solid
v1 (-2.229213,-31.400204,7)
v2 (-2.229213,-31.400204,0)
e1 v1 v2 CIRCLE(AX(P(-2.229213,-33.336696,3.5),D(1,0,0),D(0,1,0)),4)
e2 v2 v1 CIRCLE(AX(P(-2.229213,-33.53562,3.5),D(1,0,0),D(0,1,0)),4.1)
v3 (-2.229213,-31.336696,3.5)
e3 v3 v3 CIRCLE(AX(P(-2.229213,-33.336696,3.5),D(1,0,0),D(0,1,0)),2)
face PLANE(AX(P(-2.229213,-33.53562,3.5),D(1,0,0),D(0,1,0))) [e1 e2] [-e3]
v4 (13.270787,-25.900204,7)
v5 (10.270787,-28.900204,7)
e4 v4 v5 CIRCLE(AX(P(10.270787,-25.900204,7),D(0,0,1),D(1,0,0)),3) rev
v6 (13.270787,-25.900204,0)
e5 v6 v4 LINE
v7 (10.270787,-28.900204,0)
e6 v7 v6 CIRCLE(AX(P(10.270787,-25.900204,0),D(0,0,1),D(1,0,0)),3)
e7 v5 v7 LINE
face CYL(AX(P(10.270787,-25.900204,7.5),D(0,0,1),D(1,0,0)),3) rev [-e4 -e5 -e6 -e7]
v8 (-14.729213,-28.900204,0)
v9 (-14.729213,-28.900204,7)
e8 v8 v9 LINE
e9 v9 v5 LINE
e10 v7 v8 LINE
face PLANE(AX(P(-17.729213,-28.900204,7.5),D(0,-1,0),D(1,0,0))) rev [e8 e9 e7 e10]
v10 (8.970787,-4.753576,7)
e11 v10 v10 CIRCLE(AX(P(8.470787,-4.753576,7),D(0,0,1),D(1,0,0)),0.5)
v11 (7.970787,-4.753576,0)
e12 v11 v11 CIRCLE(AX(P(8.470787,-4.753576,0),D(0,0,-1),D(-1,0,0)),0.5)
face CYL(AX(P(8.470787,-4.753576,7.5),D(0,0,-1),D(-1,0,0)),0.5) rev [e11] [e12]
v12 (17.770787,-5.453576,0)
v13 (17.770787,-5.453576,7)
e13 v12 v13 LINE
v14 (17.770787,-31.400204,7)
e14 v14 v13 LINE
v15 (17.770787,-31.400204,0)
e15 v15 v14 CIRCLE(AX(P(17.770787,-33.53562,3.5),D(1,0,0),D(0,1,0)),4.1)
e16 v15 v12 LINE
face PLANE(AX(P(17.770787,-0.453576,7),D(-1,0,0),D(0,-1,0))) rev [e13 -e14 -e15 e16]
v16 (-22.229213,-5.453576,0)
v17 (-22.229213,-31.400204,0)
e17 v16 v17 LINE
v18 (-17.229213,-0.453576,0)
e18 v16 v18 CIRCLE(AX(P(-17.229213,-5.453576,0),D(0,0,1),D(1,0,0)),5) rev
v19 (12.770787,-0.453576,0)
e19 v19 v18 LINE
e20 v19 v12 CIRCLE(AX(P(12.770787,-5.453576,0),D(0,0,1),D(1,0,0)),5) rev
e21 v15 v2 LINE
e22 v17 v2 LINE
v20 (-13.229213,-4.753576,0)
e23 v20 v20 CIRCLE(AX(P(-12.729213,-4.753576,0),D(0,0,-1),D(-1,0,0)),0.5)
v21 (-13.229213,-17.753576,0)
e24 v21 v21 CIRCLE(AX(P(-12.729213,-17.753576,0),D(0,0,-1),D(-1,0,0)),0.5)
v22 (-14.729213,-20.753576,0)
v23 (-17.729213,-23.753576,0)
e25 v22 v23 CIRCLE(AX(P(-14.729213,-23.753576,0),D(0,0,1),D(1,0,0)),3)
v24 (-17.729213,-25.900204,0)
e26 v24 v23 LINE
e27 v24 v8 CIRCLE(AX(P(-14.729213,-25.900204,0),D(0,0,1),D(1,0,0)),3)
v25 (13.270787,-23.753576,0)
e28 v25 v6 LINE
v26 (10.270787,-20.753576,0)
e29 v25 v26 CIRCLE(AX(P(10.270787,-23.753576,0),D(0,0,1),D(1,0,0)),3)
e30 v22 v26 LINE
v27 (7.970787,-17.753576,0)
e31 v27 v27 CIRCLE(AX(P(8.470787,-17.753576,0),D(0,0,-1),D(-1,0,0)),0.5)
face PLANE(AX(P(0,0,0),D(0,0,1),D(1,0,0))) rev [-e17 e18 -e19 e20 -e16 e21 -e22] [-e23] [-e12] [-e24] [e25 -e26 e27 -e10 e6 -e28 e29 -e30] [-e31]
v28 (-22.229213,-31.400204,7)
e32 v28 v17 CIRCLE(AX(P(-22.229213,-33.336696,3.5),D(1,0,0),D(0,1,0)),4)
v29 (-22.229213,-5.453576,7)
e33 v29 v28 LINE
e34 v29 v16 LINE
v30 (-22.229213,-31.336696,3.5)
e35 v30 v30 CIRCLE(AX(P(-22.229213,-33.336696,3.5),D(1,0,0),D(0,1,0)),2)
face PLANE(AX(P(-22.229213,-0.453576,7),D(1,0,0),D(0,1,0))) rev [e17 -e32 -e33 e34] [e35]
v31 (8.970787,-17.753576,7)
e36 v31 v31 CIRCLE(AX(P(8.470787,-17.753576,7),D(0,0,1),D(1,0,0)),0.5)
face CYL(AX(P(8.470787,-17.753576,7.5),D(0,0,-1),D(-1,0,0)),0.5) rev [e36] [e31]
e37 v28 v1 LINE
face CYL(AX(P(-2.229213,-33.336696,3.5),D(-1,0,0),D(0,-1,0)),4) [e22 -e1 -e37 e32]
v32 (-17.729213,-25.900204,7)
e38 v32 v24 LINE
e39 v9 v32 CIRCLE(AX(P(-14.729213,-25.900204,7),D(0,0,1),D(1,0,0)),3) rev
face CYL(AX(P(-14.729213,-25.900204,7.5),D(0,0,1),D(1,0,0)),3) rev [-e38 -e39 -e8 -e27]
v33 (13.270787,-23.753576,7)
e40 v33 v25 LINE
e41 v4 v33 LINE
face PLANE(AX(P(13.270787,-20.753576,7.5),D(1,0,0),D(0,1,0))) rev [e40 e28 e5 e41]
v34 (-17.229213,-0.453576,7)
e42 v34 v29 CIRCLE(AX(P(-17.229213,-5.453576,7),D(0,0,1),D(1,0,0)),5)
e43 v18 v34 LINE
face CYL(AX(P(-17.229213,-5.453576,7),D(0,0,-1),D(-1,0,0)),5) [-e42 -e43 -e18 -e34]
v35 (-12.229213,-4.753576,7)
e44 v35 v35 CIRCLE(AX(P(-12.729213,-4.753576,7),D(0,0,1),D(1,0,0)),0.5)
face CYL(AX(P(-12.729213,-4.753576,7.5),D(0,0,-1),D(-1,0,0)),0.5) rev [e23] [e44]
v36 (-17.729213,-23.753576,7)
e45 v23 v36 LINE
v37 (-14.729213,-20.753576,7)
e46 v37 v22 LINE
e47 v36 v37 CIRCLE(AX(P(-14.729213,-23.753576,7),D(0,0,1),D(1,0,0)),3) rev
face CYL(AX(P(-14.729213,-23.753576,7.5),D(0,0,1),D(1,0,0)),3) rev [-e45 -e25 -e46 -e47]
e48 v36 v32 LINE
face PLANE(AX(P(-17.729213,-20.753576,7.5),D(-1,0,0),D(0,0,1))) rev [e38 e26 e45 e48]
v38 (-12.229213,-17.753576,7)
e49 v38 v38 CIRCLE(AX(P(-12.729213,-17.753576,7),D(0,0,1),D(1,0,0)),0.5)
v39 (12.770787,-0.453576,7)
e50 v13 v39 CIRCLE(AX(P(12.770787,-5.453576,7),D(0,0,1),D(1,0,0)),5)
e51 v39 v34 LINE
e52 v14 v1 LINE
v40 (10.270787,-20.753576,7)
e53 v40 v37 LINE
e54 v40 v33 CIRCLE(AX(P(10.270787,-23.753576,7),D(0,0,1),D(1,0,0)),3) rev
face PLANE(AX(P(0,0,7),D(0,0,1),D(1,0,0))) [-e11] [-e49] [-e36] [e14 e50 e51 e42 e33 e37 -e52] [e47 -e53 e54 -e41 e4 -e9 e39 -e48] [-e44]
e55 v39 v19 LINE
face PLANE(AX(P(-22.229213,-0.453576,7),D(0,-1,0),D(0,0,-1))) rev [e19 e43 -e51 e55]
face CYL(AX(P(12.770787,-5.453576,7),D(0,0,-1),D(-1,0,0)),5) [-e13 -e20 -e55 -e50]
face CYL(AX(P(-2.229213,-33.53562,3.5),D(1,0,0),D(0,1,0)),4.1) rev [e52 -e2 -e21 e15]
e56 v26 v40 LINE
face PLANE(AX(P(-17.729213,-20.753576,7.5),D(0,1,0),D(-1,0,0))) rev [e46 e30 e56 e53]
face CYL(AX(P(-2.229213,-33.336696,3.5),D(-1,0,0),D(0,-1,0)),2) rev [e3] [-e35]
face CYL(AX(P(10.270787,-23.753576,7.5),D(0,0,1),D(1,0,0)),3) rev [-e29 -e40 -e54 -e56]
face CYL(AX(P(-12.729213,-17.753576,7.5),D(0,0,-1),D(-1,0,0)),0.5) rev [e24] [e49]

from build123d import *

# Parameters (mm, degrees)
SKETCH1_W                = 40
SKETCH1_H                = 33.082043622
BOSS_EXTRUDE1_DEPTH      = 7
SKETCH2_R                = 4.1
CUT_EXTRUDE1_DEPTH       = 20
BOSS_EXTRUDE2_DEPTH      = 11
BOSS_EXTRUDE2_DEPTH_BACK = 9
SKETCH3_R                = 4
SKETCH3_R_2              = 2
FILLET1_R                = 5
SKETCH4_R                = 0.5
SKETCH4_W                = 31
SKETCH4_H                = 8.146627971
CUT_EXTRUDE2_DEPTH       = 45.095541639
FILLET2_R                = 3
SKETCH5_R                = 2
CUT_EXTRUDE3_DEPTH       = 56.229329833


with BuildPart() as part:
    # Sketch1 → Boss-Extrude1 (new body)
    with BuildSketch(Plane.XY):
        with Locations((-2.229213179, -16.994598242)):
            Rectangle(SKETCH1_W, SKETCH1_H)
    extrude(amount=BOSS_EXTRUDE1_DEPTH)

    # Sketch2 → Cut-Extrude1 (cut)
    with BuildSketch(Plane(origin=(17.770786821, 0, 0), x_dir=(0, 0, -1), z_dir=(1, 0, 0))):
        with Locations((-3.5, -33.535620053)):
            Circle(SKETCH2_R)
    extrude(amount=-CUT_EXTRUDE1_DEPTH, mode=Mode.SUBTRACT)

    # Sketch3 → Boss-Extrude2 (add, two sides: drawn at the far end of the back side and taken through both)
    with BuildSketch(Plane(origin=(-13.229213179, 0, 0), x_dir=(0, 0, -1), z_dir=(1, 0, 0)).offset(-BOSS_EXTRUDE2_DEPTH_BACK)):
        with Locations((-3.5, -33.336696075)):
            Circle(SKETCH3_R)
        with Locations((-3.5, -33.336696075)):
            Circle(SKETCH3_R_2, mode=Mode.SUBTRACT)
    extrude(amount=BOSS_EXTRUDE2_DEPTH + BOSS_EXTRUDE2_DEPTH_BACK)

    # Fillet1
    fillet1_edges = [part.edges().sort_by_distance(p)[0] for p in [
        (-22.229213179, -0.453576431, 3.5),
        (17.770786821, -0.453576431, 3.5),
    ]]
    fillet(fillet1_edges, radius=FILLET1_R)

    # Sketch4 → Cut-Extrude2 (cut, through all)
    with BuildSketch(Plane(origin=(0, 0, 0), x_dir=(-1, 0, 0), z_dir=(0, 0, -1))):
        with Locations((-8.470786821, -4.753576431)):
            Circle(SKETCH4_R)
        with Locations((12.729213179, -4.753576431)):
            Circle(SKETCH4_R)
        with Locations((12.729213179, -17.753576431)):
            Circle(SKETCH4_R)
        with Locations((-8.470786821, -17.753576431)):
            Circle(SKETCH4_R)
        with Locations((2.229213179, -24.826890417)):
            Rectangle(SKETCH4_W, SKETCH4_H)
    extrude(amount=-CUT_EXTRUDE2_DEPTH, mode=Mode.SUBTRACT)

    # Fillet2
    fillet2_edges = [part.edges().sort_by_distance(p)[0] for p in [
        (-17.729213179, -20.753576431, 3.5),
        (-17.729213179, -28.900204402, 3.5),
        (13.270786821, -28.900204402, 3.5),
        (13.270786821, -20.753576431, 3.5),
    ]]
    fillet(fillet2_edges, radius=FILLET2_R)

    # Sketch5 → Cut-Extrude3 (cut, through all)
    with BuildSketch(Plane.ZY.offset(22.229213179)):
        with Locations(Location((3.5, -33.336696075, 0), (0, 0, 90))):
            Circle(SKETCH5_R)
    extrude(amount=-CUT_EXTRUDE3_DEPTH, mode=Mode.SUBTRACT)


solid = part.part
